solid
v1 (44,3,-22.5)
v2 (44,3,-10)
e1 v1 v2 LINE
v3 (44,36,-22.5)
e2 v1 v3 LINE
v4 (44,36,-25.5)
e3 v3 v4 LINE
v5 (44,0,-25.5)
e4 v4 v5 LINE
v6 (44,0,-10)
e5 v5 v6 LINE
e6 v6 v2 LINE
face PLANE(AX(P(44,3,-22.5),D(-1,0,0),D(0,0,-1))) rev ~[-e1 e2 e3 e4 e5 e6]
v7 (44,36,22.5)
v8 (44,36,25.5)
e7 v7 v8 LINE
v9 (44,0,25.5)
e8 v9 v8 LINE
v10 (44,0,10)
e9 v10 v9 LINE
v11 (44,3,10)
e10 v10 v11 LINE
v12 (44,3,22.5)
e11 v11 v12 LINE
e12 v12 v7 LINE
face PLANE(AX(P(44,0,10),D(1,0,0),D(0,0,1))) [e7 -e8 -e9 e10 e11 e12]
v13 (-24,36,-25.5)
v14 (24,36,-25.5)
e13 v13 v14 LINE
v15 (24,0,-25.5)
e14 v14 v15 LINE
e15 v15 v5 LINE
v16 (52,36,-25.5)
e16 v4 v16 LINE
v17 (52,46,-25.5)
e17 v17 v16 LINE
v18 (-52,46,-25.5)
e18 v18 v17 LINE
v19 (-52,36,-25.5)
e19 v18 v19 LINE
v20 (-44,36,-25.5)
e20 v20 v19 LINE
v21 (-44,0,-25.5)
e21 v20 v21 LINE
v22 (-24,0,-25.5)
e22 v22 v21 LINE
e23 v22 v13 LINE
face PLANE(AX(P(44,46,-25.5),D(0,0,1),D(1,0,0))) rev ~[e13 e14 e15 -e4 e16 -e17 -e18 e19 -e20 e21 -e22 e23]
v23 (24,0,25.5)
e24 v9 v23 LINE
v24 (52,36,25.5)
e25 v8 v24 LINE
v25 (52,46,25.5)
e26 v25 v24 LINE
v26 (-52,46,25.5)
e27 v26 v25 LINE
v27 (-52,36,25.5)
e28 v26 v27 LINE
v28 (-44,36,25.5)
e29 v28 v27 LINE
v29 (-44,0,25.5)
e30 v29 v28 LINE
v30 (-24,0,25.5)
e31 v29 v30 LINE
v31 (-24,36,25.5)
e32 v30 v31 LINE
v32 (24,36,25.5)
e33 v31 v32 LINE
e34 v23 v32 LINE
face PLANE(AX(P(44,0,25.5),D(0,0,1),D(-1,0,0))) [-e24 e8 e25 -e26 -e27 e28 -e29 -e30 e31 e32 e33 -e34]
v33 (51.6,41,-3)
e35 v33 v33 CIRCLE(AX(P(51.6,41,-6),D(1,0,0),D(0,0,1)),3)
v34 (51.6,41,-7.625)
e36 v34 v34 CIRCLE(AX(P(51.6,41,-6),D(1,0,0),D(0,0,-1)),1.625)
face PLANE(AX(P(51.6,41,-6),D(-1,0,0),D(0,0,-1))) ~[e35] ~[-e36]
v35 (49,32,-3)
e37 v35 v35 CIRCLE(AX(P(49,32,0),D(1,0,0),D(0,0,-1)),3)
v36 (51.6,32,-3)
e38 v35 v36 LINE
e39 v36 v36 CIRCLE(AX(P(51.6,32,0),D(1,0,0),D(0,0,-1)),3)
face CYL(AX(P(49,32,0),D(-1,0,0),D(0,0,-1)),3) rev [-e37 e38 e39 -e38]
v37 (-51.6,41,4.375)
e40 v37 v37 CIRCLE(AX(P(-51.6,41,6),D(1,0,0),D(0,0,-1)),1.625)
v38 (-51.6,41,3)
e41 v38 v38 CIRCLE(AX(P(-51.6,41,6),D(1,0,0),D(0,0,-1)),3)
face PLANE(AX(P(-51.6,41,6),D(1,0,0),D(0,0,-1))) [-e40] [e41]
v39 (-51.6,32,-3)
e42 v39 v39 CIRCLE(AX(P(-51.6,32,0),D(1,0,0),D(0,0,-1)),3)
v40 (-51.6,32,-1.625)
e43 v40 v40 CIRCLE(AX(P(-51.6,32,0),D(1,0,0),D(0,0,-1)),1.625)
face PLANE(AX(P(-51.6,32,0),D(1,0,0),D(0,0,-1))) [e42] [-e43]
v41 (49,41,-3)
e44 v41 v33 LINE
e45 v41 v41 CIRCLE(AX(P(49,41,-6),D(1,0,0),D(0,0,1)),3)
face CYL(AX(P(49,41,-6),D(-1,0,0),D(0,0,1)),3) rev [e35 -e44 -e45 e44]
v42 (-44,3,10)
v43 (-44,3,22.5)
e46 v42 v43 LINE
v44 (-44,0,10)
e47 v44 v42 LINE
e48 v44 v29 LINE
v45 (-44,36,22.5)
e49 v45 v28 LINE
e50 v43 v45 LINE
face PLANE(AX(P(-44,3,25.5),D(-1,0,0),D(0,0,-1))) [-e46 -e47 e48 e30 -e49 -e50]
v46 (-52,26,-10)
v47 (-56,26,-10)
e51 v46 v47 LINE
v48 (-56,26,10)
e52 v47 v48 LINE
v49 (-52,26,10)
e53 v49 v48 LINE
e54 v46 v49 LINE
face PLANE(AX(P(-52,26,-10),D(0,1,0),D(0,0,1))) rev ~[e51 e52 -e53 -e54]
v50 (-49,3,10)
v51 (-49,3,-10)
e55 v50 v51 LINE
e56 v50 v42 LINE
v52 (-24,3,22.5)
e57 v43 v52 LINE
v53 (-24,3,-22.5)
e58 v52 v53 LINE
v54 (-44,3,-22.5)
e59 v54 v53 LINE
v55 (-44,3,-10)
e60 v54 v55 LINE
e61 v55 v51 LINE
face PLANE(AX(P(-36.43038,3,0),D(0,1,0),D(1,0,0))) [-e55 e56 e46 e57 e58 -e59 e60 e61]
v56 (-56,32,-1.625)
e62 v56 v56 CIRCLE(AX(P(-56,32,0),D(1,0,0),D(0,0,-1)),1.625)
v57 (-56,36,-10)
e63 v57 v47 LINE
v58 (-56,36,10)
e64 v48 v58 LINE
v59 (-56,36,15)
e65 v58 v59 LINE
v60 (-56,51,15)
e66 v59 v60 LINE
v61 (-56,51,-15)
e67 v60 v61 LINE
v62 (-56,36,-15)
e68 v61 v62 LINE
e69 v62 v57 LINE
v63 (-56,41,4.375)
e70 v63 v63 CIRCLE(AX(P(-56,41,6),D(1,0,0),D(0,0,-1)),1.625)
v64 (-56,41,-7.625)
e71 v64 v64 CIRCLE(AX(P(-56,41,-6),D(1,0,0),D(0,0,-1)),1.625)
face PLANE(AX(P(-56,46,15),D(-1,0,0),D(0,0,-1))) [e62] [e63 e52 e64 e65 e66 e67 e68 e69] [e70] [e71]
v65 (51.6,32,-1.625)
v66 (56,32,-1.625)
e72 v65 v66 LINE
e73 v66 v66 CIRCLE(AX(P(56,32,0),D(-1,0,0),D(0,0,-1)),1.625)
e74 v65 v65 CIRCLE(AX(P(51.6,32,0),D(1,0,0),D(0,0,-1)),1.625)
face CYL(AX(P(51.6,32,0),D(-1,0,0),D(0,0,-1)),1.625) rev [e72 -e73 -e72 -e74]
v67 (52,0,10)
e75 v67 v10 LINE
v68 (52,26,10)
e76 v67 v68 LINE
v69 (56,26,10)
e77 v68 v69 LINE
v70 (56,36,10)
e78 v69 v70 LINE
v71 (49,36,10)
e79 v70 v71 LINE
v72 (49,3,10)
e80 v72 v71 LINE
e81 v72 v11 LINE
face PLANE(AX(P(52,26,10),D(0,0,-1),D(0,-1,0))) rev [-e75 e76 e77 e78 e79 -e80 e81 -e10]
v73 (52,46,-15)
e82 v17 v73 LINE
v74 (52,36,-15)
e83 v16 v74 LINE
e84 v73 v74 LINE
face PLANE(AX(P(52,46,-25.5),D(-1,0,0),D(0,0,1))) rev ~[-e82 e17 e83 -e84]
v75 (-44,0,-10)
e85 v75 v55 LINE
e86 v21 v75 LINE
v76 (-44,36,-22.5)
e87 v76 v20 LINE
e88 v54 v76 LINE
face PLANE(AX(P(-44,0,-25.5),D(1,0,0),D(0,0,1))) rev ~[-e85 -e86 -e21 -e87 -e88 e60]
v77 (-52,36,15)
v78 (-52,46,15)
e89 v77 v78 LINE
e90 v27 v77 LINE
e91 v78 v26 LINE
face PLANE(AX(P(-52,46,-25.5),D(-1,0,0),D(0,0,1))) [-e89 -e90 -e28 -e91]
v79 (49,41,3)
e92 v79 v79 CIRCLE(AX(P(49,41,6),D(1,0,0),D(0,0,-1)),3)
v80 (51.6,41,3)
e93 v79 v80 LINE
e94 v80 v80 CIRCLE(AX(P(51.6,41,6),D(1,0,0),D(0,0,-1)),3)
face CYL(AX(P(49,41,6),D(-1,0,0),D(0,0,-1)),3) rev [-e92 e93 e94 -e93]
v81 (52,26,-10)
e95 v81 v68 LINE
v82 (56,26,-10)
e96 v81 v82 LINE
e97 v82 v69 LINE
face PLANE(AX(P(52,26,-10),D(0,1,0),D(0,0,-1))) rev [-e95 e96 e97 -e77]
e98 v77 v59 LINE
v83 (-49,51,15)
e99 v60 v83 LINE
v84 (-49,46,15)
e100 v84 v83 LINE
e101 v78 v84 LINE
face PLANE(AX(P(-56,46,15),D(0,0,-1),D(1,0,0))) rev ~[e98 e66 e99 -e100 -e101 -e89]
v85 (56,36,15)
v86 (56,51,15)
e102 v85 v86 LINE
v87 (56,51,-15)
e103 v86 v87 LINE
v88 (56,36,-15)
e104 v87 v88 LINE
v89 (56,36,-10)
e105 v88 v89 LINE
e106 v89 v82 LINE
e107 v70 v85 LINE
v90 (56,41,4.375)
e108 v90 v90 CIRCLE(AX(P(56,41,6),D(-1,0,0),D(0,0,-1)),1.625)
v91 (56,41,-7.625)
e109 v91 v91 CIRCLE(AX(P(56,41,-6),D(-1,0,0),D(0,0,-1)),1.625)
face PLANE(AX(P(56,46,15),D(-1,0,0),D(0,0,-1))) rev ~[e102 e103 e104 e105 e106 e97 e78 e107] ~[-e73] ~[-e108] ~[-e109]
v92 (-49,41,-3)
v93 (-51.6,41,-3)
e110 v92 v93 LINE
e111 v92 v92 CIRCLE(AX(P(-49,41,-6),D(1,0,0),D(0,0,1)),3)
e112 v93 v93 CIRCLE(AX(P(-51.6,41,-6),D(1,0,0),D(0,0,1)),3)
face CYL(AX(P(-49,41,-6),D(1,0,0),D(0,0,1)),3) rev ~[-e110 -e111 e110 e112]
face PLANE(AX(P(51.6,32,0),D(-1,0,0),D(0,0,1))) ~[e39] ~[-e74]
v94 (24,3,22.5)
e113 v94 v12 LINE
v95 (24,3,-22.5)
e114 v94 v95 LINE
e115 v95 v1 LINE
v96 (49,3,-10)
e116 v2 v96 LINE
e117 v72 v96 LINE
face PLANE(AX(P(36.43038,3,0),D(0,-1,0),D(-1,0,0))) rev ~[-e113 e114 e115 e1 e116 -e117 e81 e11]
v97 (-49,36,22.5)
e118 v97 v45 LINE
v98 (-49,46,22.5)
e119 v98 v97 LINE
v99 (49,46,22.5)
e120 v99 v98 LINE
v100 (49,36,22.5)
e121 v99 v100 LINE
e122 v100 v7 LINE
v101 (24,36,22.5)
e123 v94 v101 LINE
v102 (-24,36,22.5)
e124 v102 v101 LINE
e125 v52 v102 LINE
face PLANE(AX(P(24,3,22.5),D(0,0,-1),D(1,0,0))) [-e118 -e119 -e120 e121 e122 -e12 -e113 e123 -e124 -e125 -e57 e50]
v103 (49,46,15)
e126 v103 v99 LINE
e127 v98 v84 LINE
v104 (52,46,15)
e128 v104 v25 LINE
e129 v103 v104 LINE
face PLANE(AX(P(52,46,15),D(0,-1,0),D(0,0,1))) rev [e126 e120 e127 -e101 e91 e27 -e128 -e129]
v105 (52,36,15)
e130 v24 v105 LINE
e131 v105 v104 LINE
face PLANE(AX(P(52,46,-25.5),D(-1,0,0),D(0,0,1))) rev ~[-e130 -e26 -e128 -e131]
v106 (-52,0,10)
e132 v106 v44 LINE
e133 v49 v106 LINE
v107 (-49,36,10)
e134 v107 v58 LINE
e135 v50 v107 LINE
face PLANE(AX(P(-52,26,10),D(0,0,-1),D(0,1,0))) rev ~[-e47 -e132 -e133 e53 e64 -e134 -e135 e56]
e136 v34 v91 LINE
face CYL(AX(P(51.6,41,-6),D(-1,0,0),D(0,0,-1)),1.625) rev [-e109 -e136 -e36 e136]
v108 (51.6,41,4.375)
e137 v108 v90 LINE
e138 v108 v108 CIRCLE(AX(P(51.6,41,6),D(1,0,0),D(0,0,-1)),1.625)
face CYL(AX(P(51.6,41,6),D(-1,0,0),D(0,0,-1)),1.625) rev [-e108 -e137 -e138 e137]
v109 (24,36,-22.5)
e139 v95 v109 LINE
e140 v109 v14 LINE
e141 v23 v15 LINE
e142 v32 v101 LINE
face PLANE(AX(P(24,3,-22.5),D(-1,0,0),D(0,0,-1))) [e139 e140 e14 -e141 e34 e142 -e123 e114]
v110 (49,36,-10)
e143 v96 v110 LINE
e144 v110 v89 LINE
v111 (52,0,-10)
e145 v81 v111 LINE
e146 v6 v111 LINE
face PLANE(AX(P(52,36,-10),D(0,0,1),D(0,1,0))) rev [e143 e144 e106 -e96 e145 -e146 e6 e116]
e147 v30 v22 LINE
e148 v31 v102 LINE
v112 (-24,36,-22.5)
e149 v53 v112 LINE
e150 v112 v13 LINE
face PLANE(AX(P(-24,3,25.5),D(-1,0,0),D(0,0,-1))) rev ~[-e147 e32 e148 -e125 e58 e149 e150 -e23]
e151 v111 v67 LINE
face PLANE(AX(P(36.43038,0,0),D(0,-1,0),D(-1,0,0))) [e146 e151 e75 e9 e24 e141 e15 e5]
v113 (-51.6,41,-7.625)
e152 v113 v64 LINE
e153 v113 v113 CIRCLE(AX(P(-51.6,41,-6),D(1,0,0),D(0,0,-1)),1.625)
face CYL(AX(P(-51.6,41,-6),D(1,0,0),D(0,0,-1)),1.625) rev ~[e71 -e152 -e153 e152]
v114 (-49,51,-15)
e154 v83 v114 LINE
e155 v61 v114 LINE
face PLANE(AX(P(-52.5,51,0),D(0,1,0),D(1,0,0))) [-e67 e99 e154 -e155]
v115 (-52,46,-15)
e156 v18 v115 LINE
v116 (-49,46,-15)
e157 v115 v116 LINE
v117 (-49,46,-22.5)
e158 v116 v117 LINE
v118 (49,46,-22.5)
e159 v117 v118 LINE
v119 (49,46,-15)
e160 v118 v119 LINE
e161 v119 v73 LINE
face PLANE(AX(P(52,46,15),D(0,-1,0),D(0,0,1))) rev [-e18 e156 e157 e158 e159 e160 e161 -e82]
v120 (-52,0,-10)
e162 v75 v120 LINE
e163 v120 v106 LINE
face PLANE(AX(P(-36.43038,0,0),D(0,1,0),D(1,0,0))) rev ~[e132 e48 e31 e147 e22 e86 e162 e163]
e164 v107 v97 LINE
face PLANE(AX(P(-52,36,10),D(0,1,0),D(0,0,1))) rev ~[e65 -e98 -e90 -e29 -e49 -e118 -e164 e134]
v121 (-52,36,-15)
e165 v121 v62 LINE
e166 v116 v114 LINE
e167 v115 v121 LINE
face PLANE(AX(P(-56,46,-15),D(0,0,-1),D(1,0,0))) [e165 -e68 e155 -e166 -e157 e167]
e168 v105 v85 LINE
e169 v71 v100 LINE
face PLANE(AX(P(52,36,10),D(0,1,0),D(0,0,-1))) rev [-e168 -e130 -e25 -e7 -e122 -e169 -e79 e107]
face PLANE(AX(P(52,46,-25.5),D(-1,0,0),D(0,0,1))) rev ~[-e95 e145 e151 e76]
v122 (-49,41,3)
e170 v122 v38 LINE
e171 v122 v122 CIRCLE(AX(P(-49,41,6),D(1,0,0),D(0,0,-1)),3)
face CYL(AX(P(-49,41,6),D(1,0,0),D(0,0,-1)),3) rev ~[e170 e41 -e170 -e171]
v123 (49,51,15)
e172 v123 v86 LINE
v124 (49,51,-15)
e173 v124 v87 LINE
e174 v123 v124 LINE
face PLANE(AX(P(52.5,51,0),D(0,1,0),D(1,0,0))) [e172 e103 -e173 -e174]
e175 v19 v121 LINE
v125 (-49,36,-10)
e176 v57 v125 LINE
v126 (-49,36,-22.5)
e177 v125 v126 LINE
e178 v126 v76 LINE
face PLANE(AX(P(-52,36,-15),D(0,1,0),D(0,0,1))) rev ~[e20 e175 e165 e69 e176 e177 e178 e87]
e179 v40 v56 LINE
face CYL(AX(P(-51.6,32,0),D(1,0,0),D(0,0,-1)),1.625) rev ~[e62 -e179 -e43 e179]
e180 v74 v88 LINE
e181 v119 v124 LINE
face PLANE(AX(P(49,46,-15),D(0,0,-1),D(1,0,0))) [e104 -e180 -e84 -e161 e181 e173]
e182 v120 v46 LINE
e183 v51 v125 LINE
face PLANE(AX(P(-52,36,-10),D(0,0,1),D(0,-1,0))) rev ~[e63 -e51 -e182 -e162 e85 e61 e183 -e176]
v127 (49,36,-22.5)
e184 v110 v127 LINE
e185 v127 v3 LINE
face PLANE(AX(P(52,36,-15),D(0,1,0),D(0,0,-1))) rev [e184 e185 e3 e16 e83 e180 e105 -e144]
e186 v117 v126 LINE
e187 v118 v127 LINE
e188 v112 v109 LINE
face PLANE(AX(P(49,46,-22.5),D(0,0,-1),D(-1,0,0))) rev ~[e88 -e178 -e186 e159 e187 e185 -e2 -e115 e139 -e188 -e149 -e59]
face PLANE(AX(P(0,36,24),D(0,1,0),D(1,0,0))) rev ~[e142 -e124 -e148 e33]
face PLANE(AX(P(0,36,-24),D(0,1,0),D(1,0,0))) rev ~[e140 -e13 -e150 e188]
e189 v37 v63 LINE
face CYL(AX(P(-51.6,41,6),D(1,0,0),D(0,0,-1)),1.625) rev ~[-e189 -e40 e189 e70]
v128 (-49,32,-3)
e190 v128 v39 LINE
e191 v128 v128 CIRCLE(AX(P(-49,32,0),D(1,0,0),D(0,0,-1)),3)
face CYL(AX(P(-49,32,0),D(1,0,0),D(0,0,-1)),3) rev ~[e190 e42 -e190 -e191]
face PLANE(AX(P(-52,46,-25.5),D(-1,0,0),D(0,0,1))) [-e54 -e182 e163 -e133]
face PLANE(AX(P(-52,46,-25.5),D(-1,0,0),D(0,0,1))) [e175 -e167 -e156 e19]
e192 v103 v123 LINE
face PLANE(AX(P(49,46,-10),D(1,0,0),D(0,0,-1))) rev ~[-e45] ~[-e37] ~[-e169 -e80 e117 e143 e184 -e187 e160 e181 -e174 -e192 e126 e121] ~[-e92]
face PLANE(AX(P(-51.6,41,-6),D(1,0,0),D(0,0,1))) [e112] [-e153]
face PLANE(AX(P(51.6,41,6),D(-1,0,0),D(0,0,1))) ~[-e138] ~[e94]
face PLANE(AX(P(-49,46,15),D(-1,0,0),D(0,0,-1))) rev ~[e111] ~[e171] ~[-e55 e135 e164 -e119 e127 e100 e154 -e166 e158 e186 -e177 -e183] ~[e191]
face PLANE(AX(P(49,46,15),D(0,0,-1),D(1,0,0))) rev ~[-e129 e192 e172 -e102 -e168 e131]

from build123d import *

# Parameters (mm, degrees)
EXTRUDE_1_DEPTH     = 3
EXTRUDE_1_2_DEPTH   = 3
SKETCH_2_W          = 20
SKETCH_2_H          = 3
SKETCH_2_W_2        = 3
SKETCH_2_H_2        = 20
EXTRUDE_2_DEPTH     = 43
SKETCH_3_W          = 48
SKETCH_3_H          = 3
EXTRUDE_3_DEPTH     = 10
EXTRUDE_4_DEPTH     = 4
SKETCH_5_R          = 3
CUT_EXTRUDE_1_DEPTH = 2.6
SKETCH_7_R          = 1.625
CUT_EXTRUDE_2_DEPTH = 117.186100718
SKETCH_8_W          = 7
SKETCH_8_H          = 30
EXTRUDE_5_DEPTH     = 5


with BuildPart() as part:
    # Эскиз1 → Бобышка-Вытянуть1 (new body)
    with BuildSketch(Plane(origin=(0, 0, 0), x_dir=(1, 0, 0), z_dir=(0, 1, 0))):
        Polygon((24, 25.5), (44, 25.5), (44, 10), (52, 10), (52, -10), (44, -10), (44, -25.5), (24, -25.5), align=None)
    extrude(amount=EXTRUDE_1_DEPTH)



with BuildPart() as body_2:
    # Эскиз1 → Extrude 1 2 (new body)
    with BuildSketch(Plane(origin=(0, 0, 0), x_dir=(1, 0, 0), z_dir=(0, 1, 0))):
        Polygon((-24, -25.5), (-24, 25.5), (-44, 25.5), (-44, 10), (-52, 10), (-52, -10), (-44, -10), (-44, -25.5), align=None)
    extrude(amount=EXTRUDE_1_2_DEPTH)


with BuildPart() as part_1:
    add(part.part)

    add(body_2.part)  # Бобышка-Вытянуть2 merges body 2
    # Эскиз2 → Бобышка-Вытянуть2 (add)
    with BuildSketch(Plane(origin=(0, 3, 0), x_dir=(1, 0, 0), z_dir=(0, 1, 0))):
        with Locations((34, 24)):
            Rectangle(SKETCH_2_W, SKETCH_2_H)
        with Locations((50.5, 0)):
            Rectangle(SKETCH_2_W_2, SKETCH_2_H_2)
        with Locations((34, -24)):
            Rectangle(SKETCH_2_W, SKETCH_2_H)
        with Locations((-34, -24)):
            Rectangle(SKETCH_2_W, SKETCH_2_H)
        with Locations((-50.5, 0)):
            Rectangle(SKETCH_2_W_2, SKETCH_2_H_2)
        with Locations((-34, 24)):
            Rectangle(SKETCH_2_W, SKETCH_2_H)
    extrude(amount=EXTRUDE_2_DEPTH)

    # Эскиз3 → Бобышка-Вытянуть3 (add)
    with BuildSketch(Plane(origin=(0, 46, 0), x_dir=(1, 0, 0), z_dir=(0, 1, 0))):
        Polygon((44, 25.5), (52, 25.5), (52, 10), (49, 10), (49, 22.5), (44, 22.5), align=None)
        with Locations((0, 24)):
            Rectangle(SKETCH_3_W, SKETCH_3_H)
        Polygon((-44, 22.5), (-44, 25.5), (-52, 25.5), (-52, 10), (-49, 10), (-49, 22.5), align=None)
        Polygon((-44, -25.5), (-52, -25.5), (-52, -10), (-49, -10), (-49, -22.5), (-44, -22.5), align=None)
        Polygon((44, -22.5), (44, -25.5), (52, -25.5), (52, -10), (49, -10), (49, -22.5), align=None)
        with Locations((0, -24)):
            Rectangle(SKETCH_3_W, SKETCH_3_H)
    extrude(amount=-EXTRUDE_3_DEPTH)

    # Эскиз4 → Бобышка-Вытянуть4 (add)
    with BuildSketch(Plane.ZY.offset(52)):
        Polygon((-10, 26), (10, 26), (10, 36), (15, 36), (15, 46), (-15, 46), (-15, 36), (-10, 36), align=None)
    extrude_4 = extrude(amount=EXTRUDE_4_DEPTH)

    # Эскиз5 → Вырез-Вытянуть1 (cut)
    with BuildSketch(Plane(origin=(-49, 0, 0), x_dir=(0, 0, -1), z_dir=(1, 0, 0))):
        with Locations((-6, 41)):
            Circle(SKETCH_5_R)
        with Locations((0, 32)):
            Circle(SKETCH_5_R)
        with Locations(Location((6, 41, 0), (0, 0, 180))):
            Circle(SKETCH_5_R)
    cut_extrude_1 = extrude(amount=-CUT_EXTRUDE_1_DEPTH, mode=Mode.SUBTRACT)

    # Эскиз7 → Вырез-Вытянуть2 (cut, through all)
    with BuildSketch(Plane(origin=(-51.6, 0, 0), x_dir=(0, 0, -1), z_dir=(1, 0, 0))):
        with Locations((-6, 41)):
            Circle(SKETCH_7_R)
        with Locations((6, 41)):
            Circle(SKETCH_7_R)
        with Locations((0, 32)):
            Circle(SKETCH_7_R)
    cut_extrude_2 = extrude(amount=-CUT_EXTRUDE_2_DEPTH, mode=Mode.SUBTRACT)

    # Зеркальное отражение2: Бобышка-Вытянуть4, Вырез-Вытянуть1, Вырез-Вытянуть2 across plane
    add(extrude_4.mirror(Plane(origin=(0, 0, 0), x_dir=(0, 0, 1), z_dir=(1, 0, 0))))
    add(cut_extrude_1.mirror(Plane(origin=(0, 0, 0), x_dir=(0, 0, 1), z_dir=(1, 0, 0))), mode=Mode.SUBTRACT)
    add(cut_extrude_2.mirror(Plane(origin=(0, 0, 0), x_dir=(0, 0, 1), z_dir=(1, 0, 0))), mode=Mode.SUBTRACT)

    # Эскиз8 → Бобышка-Вытянуть5 (add)
    with BuildSketch(Plane(origin=(0, 46, 0), x_dir=(1, 0, 0), z_dir=(0, 1, 0))):
        with Locations((-52.5, 0)):
            Rectangle(SKETCH_8_W, SKETCH_8_H)
        with Locations((52.5, 0)):
            Rectangle(SKETCH_8_W, SKETCH_8_H)
    extrude(amount=EXTRUDE_5_DEPTH)


solid = part_1.part
